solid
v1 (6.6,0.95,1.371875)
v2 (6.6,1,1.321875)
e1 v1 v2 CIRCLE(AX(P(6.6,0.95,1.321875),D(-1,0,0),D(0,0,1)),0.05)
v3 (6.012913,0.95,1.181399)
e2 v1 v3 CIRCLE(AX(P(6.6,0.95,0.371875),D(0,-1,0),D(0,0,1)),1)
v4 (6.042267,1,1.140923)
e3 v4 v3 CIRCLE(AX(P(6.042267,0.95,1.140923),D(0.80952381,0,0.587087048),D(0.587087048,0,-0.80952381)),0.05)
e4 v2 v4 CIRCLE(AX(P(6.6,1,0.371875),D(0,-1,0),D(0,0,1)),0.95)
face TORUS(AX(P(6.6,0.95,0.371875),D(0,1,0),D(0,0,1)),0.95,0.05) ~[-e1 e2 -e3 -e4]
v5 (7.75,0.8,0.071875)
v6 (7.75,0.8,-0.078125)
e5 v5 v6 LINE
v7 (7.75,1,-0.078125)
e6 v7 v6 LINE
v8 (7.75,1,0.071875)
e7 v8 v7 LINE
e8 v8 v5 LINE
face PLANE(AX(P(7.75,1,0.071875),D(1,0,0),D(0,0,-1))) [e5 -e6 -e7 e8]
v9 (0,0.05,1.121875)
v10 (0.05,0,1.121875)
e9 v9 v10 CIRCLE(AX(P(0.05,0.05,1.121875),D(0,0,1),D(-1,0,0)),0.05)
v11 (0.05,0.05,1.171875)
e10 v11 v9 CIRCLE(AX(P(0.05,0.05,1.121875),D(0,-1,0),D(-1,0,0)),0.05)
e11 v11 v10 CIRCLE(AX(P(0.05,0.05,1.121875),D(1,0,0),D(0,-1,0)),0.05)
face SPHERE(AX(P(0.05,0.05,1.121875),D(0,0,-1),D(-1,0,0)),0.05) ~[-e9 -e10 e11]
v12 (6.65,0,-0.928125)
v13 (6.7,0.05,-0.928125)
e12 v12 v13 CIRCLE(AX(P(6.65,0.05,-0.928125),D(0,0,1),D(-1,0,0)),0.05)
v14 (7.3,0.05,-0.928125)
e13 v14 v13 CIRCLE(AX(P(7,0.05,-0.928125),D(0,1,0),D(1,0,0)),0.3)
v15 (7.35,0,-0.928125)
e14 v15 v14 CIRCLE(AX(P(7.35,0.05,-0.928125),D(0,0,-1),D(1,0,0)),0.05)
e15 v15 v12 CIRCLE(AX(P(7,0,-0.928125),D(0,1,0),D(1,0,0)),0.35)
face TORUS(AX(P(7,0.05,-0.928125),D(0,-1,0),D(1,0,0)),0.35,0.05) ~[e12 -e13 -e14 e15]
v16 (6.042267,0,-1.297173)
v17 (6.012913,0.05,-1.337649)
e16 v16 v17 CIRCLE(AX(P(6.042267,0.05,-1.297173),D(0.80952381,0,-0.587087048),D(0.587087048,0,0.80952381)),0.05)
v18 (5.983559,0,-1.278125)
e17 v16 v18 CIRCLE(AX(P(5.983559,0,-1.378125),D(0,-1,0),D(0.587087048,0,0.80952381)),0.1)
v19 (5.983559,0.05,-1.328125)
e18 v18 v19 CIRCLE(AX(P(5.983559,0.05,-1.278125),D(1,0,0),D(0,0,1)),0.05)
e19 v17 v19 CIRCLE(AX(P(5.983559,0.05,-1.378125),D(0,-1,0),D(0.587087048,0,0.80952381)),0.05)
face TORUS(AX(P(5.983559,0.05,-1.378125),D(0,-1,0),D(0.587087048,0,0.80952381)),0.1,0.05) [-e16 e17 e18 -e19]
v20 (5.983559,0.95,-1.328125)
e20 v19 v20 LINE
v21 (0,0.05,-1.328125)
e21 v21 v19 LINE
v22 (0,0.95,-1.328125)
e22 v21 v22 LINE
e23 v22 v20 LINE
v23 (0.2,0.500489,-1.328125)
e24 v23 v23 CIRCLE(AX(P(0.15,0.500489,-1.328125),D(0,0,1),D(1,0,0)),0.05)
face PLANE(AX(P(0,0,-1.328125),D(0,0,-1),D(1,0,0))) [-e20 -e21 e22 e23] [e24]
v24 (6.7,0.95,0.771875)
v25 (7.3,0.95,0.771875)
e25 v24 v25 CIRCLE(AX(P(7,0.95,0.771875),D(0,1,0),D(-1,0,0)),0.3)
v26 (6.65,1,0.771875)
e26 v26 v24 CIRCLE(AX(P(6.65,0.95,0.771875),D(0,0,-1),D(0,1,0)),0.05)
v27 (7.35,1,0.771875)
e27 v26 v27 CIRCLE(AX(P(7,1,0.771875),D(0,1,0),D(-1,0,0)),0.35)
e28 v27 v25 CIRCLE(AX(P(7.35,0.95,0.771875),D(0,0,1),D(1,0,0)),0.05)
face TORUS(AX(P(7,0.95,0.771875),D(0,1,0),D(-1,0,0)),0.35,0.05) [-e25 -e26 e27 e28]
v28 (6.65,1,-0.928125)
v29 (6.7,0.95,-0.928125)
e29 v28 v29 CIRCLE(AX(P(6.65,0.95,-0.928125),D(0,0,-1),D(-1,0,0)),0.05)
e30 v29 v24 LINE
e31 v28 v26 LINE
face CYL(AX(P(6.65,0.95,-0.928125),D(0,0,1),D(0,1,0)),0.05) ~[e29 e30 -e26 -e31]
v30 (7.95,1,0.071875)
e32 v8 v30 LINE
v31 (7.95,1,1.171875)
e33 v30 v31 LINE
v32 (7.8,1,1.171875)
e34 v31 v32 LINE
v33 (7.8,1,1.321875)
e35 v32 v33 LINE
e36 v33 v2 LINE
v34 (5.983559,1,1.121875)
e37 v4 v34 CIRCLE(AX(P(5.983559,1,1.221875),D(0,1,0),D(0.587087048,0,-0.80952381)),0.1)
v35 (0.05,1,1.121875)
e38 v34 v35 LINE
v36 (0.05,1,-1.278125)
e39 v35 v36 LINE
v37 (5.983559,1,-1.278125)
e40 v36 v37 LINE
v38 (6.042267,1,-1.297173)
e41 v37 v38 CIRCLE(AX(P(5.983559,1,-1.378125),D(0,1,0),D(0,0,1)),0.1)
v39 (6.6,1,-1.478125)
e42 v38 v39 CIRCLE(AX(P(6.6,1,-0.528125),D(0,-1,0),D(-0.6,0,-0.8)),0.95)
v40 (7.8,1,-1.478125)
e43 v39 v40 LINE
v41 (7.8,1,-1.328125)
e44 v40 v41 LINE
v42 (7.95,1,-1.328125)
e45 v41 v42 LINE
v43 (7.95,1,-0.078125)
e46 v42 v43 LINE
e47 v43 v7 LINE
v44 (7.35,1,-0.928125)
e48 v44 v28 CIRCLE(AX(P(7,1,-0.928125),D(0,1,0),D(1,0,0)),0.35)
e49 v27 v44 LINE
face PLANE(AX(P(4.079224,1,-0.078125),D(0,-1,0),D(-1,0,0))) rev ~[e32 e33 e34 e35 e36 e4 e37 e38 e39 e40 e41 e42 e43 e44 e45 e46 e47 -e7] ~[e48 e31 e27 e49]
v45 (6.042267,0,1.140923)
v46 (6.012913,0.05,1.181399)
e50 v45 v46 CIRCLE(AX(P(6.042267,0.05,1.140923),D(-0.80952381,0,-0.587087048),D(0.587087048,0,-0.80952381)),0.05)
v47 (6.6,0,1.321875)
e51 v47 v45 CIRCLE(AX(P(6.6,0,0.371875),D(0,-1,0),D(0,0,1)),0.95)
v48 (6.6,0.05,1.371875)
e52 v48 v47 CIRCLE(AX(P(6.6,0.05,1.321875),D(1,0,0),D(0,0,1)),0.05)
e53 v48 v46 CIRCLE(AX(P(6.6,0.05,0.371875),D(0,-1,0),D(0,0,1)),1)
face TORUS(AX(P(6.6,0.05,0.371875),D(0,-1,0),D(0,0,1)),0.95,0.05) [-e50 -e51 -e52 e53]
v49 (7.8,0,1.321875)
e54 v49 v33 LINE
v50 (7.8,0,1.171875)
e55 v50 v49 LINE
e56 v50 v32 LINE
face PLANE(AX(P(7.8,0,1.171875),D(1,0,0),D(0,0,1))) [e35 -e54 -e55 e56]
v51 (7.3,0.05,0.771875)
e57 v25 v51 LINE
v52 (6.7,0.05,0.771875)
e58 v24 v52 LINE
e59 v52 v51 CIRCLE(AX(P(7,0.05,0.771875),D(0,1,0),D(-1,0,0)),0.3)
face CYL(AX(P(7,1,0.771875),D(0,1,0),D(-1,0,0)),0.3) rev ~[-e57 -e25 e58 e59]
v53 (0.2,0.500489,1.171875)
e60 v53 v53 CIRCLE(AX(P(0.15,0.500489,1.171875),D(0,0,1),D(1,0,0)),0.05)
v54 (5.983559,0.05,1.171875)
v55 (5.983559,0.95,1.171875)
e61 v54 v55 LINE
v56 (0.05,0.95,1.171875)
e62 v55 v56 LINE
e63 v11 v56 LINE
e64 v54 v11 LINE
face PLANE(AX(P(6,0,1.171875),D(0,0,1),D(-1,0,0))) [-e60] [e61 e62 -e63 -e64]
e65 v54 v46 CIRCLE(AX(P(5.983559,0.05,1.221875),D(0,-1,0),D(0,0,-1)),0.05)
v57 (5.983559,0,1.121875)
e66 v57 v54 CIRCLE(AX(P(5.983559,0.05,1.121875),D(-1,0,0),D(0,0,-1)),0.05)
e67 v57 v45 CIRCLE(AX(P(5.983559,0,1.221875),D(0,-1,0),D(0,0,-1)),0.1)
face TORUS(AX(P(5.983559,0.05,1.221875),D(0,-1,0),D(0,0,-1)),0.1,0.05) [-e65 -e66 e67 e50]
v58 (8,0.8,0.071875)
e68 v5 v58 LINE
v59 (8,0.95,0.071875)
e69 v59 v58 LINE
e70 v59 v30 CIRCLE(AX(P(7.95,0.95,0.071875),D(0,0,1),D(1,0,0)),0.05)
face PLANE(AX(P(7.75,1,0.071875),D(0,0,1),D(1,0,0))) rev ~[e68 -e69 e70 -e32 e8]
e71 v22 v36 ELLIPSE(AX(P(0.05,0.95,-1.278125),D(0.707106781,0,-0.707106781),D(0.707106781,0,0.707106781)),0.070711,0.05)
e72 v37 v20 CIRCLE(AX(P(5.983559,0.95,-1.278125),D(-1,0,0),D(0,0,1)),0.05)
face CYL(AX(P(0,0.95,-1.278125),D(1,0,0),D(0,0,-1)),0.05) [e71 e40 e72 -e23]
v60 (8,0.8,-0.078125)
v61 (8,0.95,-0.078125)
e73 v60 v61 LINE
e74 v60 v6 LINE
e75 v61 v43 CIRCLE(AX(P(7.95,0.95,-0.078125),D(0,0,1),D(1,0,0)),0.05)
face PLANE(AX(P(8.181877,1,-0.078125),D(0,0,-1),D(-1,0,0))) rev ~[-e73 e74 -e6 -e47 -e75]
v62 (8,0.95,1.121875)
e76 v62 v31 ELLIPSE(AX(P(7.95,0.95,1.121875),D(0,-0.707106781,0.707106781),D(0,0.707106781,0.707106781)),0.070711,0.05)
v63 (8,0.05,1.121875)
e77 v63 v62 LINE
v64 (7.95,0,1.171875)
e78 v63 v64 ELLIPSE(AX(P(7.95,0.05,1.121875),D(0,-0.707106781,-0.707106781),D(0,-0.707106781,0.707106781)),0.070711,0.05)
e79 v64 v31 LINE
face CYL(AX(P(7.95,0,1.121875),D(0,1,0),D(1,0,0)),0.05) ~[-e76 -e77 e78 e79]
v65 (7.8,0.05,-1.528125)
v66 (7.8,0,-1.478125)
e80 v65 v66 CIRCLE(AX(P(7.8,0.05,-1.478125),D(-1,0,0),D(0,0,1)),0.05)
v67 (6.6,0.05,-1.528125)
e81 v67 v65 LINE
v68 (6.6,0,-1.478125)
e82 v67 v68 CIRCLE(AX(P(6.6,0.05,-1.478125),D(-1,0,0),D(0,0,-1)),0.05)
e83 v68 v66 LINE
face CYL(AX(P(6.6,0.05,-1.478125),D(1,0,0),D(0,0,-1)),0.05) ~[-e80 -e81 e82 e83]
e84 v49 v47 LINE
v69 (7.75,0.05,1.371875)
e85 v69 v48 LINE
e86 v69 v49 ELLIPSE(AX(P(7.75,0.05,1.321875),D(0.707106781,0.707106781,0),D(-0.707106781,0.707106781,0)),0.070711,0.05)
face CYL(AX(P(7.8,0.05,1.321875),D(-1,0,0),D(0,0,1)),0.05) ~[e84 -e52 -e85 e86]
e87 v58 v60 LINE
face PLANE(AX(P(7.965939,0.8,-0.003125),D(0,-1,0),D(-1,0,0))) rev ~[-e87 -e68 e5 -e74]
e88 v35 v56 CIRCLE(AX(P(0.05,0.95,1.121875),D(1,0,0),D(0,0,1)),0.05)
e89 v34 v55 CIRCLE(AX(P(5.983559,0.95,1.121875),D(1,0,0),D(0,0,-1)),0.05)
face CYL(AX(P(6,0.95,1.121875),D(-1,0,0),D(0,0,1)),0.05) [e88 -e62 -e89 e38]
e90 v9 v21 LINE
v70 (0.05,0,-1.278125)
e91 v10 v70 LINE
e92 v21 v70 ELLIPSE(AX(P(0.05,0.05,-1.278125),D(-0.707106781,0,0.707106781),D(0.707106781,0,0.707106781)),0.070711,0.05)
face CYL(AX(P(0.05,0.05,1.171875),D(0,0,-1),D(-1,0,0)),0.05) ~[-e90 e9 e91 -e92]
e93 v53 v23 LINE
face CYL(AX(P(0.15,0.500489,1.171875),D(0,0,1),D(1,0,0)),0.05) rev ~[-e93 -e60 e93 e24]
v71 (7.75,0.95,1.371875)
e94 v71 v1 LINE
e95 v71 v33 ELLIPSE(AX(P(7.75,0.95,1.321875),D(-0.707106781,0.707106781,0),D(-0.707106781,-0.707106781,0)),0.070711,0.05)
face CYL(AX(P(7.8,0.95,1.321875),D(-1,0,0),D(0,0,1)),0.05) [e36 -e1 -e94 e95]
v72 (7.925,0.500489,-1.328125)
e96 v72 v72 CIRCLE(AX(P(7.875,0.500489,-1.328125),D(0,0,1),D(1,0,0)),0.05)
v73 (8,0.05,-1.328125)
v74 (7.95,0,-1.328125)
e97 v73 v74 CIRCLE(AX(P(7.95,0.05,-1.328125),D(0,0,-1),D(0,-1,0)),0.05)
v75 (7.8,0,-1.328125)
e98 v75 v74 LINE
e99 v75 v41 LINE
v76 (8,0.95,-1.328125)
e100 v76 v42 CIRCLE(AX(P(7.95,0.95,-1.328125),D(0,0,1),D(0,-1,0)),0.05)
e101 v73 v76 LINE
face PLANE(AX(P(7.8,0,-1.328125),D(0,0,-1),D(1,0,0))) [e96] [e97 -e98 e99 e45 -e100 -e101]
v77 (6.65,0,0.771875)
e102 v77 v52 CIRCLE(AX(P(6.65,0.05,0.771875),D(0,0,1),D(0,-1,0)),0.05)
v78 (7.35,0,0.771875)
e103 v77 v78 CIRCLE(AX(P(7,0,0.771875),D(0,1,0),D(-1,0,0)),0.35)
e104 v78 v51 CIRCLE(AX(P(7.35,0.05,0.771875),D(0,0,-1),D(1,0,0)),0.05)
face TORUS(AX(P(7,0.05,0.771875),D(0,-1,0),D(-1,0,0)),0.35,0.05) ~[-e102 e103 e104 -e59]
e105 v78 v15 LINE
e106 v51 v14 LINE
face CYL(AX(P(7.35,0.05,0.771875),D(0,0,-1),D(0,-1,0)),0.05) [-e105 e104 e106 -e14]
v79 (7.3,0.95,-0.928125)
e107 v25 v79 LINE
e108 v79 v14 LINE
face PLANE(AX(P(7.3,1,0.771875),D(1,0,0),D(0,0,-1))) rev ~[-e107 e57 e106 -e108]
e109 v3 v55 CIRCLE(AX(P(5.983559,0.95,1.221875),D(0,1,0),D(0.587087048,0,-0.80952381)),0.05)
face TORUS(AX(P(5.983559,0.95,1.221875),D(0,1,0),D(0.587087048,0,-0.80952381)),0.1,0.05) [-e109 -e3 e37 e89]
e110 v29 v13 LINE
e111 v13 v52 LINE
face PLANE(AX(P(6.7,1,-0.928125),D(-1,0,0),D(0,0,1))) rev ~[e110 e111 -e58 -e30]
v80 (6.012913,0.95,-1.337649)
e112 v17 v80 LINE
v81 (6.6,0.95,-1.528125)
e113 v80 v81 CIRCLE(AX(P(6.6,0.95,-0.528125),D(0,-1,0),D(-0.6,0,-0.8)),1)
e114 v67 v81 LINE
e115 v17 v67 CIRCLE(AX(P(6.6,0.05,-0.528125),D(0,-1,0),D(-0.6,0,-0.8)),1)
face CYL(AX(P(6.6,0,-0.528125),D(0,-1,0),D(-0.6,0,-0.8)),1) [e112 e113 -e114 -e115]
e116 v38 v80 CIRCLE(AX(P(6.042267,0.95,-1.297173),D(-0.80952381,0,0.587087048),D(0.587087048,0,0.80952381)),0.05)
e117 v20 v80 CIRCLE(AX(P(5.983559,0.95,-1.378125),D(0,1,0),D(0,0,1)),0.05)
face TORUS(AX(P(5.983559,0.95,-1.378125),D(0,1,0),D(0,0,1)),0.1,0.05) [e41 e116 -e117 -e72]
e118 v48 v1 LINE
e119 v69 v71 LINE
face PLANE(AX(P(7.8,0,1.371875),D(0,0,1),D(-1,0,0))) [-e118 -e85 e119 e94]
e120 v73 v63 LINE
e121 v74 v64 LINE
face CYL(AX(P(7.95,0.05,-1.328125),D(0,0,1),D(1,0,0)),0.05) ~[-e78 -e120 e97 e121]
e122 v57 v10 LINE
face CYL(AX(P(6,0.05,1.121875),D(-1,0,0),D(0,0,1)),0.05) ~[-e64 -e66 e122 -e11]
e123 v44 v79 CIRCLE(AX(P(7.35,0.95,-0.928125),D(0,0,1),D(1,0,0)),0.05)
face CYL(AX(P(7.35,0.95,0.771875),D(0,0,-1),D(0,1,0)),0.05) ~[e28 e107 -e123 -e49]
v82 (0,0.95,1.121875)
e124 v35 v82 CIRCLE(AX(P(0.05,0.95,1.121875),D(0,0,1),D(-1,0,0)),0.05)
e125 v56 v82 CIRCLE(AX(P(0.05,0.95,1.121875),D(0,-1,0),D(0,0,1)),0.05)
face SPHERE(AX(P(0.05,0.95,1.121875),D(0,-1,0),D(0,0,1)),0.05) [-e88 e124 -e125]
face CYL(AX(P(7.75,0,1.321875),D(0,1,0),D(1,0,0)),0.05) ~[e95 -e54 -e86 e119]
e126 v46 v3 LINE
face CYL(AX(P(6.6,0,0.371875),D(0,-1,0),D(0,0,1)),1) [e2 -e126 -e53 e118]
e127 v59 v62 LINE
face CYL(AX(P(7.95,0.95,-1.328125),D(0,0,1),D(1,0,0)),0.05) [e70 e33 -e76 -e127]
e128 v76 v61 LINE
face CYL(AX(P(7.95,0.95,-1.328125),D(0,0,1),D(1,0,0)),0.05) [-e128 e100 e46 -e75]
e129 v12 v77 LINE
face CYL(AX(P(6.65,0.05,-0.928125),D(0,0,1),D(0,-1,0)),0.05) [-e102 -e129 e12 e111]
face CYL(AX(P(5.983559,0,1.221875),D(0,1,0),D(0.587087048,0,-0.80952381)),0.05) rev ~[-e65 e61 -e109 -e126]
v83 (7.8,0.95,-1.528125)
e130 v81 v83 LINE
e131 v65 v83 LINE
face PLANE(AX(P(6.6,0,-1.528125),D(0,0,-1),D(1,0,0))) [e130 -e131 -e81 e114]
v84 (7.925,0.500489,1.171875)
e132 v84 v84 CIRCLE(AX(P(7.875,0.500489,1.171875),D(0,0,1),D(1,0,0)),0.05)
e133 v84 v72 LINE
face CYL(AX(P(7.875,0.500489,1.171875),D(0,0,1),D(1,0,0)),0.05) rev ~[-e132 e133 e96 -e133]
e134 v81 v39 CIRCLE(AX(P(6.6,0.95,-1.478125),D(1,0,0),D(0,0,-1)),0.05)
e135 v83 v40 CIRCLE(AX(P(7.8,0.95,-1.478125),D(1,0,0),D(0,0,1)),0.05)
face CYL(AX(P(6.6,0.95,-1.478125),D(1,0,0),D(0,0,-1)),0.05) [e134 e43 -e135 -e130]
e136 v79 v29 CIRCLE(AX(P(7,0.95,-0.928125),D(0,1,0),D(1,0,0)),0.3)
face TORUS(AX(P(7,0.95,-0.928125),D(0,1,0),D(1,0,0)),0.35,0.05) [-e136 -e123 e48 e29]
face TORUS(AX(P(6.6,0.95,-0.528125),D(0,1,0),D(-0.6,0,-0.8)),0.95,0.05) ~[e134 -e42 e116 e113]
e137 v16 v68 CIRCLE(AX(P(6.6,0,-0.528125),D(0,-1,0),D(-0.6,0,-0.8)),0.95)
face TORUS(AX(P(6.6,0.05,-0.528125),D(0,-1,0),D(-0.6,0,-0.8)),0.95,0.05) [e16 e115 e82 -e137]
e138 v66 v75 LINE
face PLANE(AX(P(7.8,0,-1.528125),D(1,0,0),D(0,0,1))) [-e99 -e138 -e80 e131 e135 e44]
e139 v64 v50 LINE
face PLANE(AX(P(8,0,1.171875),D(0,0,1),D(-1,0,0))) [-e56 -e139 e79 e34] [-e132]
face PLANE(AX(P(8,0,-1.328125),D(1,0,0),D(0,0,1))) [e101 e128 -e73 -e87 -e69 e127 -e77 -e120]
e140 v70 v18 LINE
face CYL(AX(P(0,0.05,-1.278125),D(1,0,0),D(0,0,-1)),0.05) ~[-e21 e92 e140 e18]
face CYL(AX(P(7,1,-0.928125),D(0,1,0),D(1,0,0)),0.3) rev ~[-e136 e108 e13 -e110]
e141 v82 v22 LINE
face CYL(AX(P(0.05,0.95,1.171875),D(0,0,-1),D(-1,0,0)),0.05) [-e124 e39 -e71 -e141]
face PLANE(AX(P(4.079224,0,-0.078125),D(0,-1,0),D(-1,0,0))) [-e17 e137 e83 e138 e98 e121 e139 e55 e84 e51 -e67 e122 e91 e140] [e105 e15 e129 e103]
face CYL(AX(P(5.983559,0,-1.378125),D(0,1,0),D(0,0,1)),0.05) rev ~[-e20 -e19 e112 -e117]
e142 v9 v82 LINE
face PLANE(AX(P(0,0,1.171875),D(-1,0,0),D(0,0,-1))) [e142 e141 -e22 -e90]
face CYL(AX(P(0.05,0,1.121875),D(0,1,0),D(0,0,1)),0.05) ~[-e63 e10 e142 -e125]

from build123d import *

# Parameters (mm, degrees)
SALIENTE_EXTRUIR1_DEPTH = 1
REDONDEO1_R             = 0.05
CORTAR_EXTRUIR1_DEPTH   = 1
REDONDEO2_R             = 0.05
CROQUIS3_R              = 0.05
CORTAR_EXTRUIR2_DEPTH   = 9.502352647
CORTAR_EXTRUIR3_DEPTH   = 0.2


with BuildPart() as part:
    # Croquis1 → Saliente-Extruir1 (new body)
    with BuildSketch(Plane(origin=(0, 0, 0), x_dir=(1, 0, 0), z_dir=(0, 1, 0))):
        with BuildLine():
            Line((0, 0), (0, 1.328125))
            Line((0, 1.328125), (6, 1.328125))
            ThreePointArc((6, 1.328125), (6.283772234, 1.476808298), (6.6, 1.528125))
            Line((6.6, 1.528125), (7.8, 1.528125))
            Line((7.8, 1.528125), (7.8, 1.328125))
            Line((7.8, 1.328125), (8, 1.328125))
            Line((8, 1.328125), (8, -1.171875))
            Line((8, -1.171875), (7.8, -1.171875))
            Line((7.8, -1.171875), (7.8, -1.371875))
            Line((7.8, -1.371875), (6.6, -1.371875))
            ThreePointArc((6.6, -1.371875), (6.283772234, -1.320558298), (6, -1.171875))
            Line((6, -1.171875), (0, -1.171875))
            Line((0, -1.171875), (0, 0))
        make_face()
    extrude(amount=SALIENTE_EXTRUIR1_DEPTH)

    # Redondeo1
    redondeo1_edges = [part.edges().sort_by_distance(p)[0] for p in [
        (8, 0, -0.078125),
        (6.283772234, 0, -1.476808298),
        (3, 0, -1.328125),
        (0, 0, -0.078125),
        (6.283772234, 0, 1.320558298),
        (0, 0.5, 1.171875),
        (6, 0.5, 1.171875),
        (3, 0, 1.171875),
        (3, 1, -1.328125),
        (6.283772234, 1, -1.476808298),
        (8, 1, -0.078125),
        (6.283772234, 1, 1.320558298),
        (3, 1, 1.171875),
        (0, 1, -0.078125),
        (7.2, 0, 1.371875),
        (7.2, 0, -1.528125),
        (7.2, 1, -1.528125),
        (7.2, 1, 1.371875),
        (7.8, 0.5, 1.371875),
        (8, 0.5, 1.171875),
        (6, 0.5, -1.328125),
    ]]
    fillet(redondeo1_edges, radius=REDONDEO1_R)

    # Croquis2 → Cortar-Extruir1 (cut)
    with BuildSketch(Plane(origin=(0, 1, 0), x_dir=(1, 0, 0), z_dir=(0, 1, 0))):
        with BuildLine():
            Line((7.3, -0.771875), (7.3, 0.928125))
            ThreePointArc((7.3, 0.928125), (7, 1.228125), (6.7, 0.928125))
            Line((6.7, 0.928125), (6.7, -0.771875))
            ThreePointArc((6.7, -0.771875), (7, -1.071875), (7.3, -0.771875))
        make_face()
    extrude(amount=-CORTAR_EXTRUIR1_DEPTH, mode=Mode.SUBTRACT)

    # Redondeo2
    redondeo2_edges = [part.edges().sort_by_distance(p)[0] for p in [
        (7, 0, -1.228125),
        (7.3, 0, -0.078125),
        (7, 0, 1.071875),
        (6.7, 0, -0.078125),
        (7, 1, -1.228125),
        (6.7, 1, -0.078125),
        (7, 1, 1.071875),
        (7.3, 1, -0.078125),
    ]]
    fillet(redondeo2_edges, radius=REDONDEO2_R)

    # Croquis3 → Cortar-Extruir2 (cut, through all)
    with BuildSketch(Plane.XY.offset(1.171875)):
        with Locations((7.875, 0.500489471)):
            Circle(CROQUIS3_R)
        with Locations((0.15, 0.500489471)):
            Circle(CROQUIS3_R)
    extrude(amount=-CORTAR_EXTRUIR2_DEPTH, mode=Mode.SUBTRACT)

    # Croquis4 → Cortar-Extruir3 (cut)
    with BuildSketch(Plane(origin=(0, 1, 0), x_dir=(1, 0, 0), z_dir=(0, 1, 0))):
        Polygon((7.95, -0.071875), (7.75, -0.071875), (7.75, 0.078125), (7.95, 0.078125), (8.181877464, 0.078125), (8.181877464, -0.071875), align=None)
    extrude(amount=-CORTAR_EXTRUIR3_DEPTH, mode=Mode.SUBTRACT)


solid = part.part
